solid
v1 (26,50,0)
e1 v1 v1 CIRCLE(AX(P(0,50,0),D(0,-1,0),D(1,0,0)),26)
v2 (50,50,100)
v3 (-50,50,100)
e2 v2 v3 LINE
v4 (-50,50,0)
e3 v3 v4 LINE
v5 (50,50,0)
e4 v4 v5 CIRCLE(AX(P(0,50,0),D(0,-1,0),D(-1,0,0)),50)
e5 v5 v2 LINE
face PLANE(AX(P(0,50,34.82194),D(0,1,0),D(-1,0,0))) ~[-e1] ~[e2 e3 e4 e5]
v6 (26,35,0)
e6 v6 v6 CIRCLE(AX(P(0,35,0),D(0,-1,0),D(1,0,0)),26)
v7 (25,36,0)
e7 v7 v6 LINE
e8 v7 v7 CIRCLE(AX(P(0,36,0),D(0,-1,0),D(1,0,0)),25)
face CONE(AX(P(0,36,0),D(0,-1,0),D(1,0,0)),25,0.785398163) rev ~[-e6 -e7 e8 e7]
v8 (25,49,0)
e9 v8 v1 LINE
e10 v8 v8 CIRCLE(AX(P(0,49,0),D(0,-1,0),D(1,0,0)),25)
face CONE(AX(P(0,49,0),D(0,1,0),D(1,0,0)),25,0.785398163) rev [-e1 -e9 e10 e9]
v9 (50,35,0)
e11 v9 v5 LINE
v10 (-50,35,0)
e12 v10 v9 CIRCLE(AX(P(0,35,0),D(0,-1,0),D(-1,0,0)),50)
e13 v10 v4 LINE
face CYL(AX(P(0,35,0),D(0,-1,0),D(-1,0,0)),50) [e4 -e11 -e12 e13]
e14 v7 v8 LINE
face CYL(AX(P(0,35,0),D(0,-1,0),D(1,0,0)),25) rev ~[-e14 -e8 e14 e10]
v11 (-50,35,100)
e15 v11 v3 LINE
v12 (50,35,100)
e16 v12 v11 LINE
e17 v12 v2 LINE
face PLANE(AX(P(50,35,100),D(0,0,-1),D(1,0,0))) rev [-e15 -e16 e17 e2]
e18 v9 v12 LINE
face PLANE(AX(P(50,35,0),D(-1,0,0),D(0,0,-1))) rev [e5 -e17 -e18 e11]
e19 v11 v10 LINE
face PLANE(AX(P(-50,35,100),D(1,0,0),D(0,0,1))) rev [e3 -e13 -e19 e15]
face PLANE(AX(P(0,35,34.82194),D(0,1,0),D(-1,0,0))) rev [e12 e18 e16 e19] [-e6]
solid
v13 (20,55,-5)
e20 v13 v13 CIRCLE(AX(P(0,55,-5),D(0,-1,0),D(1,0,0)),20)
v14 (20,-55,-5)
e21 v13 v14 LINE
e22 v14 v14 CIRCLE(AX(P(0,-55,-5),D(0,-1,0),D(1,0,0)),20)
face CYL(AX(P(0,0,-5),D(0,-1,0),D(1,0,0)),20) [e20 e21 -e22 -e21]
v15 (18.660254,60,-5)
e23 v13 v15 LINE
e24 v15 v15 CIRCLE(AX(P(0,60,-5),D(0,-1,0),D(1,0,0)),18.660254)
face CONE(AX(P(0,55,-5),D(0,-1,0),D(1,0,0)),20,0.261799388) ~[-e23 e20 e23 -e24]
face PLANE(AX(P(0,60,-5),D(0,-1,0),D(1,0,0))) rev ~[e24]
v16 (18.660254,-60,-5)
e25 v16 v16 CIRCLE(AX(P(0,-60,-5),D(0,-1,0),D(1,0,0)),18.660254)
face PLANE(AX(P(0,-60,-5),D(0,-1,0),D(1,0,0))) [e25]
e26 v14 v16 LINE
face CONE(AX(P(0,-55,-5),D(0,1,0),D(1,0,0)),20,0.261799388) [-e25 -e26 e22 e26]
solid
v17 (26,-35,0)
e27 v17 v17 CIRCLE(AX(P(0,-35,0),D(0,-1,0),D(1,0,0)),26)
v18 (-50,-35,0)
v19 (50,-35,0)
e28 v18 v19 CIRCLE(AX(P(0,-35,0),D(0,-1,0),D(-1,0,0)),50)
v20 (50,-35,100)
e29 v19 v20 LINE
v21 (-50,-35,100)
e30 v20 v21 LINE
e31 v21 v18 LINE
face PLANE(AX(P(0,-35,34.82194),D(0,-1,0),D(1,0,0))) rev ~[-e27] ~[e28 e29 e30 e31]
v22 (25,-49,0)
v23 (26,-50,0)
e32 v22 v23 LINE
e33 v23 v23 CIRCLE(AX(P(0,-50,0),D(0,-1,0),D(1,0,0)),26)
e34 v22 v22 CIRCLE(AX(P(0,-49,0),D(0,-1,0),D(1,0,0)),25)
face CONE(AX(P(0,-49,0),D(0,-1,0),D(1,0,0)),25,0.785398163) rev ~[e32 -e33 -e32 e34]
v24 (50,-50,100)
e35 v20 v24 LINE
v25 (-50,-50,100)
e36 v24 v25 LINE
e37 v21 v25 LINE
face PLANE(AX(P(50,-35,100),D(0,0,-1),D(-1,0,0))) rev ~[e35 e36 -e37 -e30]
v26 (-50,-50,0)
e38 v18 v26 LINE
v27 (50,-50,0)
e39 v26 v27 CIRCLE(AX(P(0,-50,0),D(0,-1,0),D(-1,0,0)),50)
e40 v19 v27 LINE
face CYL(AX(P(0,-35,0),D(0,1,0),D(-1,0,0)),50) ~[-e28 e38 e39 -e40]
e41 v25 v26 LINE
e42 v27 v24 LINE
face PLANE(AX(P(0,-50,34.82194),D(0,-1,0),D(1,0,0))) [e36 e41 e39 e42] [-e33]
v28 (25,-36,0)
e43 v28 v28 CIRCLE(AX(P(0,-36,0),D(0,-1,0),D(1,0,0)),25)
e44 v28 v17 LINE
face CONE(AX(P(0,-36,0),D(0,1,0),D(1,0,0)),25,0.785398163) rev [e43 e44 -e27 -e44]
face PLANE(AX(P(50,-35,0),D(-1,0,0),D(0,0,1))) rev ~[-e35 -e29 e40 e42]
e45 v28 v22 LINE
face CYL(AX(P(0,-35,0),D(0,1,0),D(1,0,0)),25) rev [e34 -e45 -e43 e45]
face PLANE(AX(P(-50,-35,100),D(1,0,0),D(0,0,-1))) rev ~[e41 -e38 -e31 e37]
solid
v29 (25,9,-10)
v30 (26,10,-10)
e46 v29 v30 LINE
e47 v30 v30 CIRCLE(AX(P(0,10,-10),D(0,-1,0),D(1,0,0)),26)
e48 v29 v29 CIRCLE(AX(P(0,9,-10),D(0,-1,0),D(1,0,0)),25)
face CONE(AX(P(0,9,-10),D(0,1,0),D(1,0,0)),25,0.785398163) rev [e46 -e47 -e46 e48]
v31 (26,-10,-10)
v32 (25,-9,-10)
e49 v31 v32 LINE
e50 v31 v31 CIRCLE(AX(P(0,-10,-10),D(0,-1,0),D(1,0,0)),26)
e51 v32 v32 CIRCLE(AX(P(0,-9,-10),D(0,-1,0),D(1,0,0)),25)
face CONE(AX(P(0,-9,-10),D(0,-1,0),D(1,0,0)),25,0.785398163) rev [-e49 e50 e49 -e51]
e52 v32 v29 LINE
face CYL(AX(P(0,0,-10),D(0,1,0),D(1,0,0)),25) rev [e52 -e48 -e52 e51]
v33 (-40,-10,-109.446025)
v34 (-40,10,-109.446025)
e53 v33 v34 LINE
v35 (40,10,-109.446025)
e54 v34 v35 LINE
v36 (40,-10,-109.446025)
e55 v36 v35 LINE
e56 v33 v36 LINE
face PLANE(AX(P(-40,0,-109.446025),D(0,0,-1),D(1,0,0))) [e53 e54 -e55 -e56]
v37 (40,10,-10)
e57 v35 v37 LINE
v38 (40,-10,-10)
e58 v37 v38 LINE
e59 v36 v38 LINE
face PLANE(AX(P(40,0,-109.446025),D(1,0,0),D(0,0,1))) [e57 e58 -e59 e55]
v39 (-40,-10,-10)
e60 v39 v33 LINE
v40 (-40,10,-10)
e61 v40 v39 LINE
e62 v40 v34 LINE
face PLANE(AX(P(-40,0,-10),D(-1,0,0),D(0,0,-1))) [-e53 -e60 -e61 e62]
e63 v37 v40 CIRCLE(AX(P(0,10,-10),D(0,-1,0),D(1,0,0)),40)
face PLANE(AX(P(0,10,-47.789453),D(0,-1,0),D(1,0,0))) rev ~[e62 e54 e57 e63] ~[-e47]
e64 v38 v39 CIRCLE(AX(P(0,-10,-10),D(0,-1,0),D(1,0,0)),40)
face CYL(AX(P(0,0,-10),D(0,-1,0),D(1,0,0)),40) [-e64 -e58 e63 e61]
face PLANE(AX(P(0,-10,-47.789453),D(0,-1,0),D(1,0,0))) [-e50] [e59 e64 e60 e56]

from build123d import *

# Parameters (mm, degrees)
F1_START = 35
F0_R     = 25
F1_DEPTH = 15
F2_SIZE  = 1
F3_R     = 25
F4_DEPTH = 10
F5_SIZE  = 1
F7_R     = 20
F8_DEPTH = 60
F9_SIZE2 = 1.3397459622
F9_SIZE  = 5


with BuildPart() as f1:
    # F0 (on Front) → F1 (new body)
    with BuildSketch(Plane.XZ.offset(F1_START)):
        with BuildLine():
            Line((-50, 100), (-50, 0))
            ThreePointArc((-50, 0), (0, -50), (50, 0))
            Line((50, 0), (50, 100))
            Line((50, 100), (-50, 100))
        make_face()
        Circle(F0_R, mode=Mode.SUBTRACT)
    extrude(amount=F1_DEPTH)

    # F2
    f2_edges = [f1.edges().sort_by_distance(p)[0] for p in [
        (-25, -50, 0),
        (-25, -35, 0),
    ]]
    chamfer(f2_edges, length=F2_SIZE)


with BuildPart() as f4:
    # F3 (on Front) → F4 (new body, symmetric)
    with BuildSketch(Plane.XZ):
        with BuildLine():
            Line((40, -109.4460245647), (40, -10))
            ThreePointArc((40, -10), (0, 30), (-40, -10))
            Line((-40, -10), (-40, -109.4460245647))
            Line((-40, -109.4460245647), (40, -109.4460245647))
        make_face()
        with Locations((0, -10)):
            Circle(F3_R, mode=Mode.SUBTRACT)
    extrude(amount=F4_DEPTH, both=True)

    # F5
    f5_edges = [f4.edges().sort_by_distance(p)[0] for p in [
        (-25, -10, -10),
        (25, 0, -10),
        (-25, 10, -10),
    ]]
    chamfer(f5_edges, length=F5_SIZE)


with BuildPart() as f6_1:
    # F6: instance of F1
    add(f1.part.mirror(Plane.XZ))


with BuildPart() as f8:
    # F7 (on Front) → F8 (new body, symmetric)
    with BuildSketch(Plane.XZ):
        with Locations((0, -5)):
            Circle(F7_R)
    extrude(amount=F8_DEPTH, both=True)

    # F9
    f9_edges = [f8.edges().sort_by_distance(p)[0] for p in [
        (-20, -60, -5),
        (-20, 60, -5),
    ]]
    f9_side = f8.faces().sort_by_distance((-20, 0, -5))[0]
    chamfer(f9_edges, length=F9_SIZE, length2=F9_SIZE2, reference=f9_side)


solid = Compound([f1.part, f4.part, f6_1.part, f8.part])
